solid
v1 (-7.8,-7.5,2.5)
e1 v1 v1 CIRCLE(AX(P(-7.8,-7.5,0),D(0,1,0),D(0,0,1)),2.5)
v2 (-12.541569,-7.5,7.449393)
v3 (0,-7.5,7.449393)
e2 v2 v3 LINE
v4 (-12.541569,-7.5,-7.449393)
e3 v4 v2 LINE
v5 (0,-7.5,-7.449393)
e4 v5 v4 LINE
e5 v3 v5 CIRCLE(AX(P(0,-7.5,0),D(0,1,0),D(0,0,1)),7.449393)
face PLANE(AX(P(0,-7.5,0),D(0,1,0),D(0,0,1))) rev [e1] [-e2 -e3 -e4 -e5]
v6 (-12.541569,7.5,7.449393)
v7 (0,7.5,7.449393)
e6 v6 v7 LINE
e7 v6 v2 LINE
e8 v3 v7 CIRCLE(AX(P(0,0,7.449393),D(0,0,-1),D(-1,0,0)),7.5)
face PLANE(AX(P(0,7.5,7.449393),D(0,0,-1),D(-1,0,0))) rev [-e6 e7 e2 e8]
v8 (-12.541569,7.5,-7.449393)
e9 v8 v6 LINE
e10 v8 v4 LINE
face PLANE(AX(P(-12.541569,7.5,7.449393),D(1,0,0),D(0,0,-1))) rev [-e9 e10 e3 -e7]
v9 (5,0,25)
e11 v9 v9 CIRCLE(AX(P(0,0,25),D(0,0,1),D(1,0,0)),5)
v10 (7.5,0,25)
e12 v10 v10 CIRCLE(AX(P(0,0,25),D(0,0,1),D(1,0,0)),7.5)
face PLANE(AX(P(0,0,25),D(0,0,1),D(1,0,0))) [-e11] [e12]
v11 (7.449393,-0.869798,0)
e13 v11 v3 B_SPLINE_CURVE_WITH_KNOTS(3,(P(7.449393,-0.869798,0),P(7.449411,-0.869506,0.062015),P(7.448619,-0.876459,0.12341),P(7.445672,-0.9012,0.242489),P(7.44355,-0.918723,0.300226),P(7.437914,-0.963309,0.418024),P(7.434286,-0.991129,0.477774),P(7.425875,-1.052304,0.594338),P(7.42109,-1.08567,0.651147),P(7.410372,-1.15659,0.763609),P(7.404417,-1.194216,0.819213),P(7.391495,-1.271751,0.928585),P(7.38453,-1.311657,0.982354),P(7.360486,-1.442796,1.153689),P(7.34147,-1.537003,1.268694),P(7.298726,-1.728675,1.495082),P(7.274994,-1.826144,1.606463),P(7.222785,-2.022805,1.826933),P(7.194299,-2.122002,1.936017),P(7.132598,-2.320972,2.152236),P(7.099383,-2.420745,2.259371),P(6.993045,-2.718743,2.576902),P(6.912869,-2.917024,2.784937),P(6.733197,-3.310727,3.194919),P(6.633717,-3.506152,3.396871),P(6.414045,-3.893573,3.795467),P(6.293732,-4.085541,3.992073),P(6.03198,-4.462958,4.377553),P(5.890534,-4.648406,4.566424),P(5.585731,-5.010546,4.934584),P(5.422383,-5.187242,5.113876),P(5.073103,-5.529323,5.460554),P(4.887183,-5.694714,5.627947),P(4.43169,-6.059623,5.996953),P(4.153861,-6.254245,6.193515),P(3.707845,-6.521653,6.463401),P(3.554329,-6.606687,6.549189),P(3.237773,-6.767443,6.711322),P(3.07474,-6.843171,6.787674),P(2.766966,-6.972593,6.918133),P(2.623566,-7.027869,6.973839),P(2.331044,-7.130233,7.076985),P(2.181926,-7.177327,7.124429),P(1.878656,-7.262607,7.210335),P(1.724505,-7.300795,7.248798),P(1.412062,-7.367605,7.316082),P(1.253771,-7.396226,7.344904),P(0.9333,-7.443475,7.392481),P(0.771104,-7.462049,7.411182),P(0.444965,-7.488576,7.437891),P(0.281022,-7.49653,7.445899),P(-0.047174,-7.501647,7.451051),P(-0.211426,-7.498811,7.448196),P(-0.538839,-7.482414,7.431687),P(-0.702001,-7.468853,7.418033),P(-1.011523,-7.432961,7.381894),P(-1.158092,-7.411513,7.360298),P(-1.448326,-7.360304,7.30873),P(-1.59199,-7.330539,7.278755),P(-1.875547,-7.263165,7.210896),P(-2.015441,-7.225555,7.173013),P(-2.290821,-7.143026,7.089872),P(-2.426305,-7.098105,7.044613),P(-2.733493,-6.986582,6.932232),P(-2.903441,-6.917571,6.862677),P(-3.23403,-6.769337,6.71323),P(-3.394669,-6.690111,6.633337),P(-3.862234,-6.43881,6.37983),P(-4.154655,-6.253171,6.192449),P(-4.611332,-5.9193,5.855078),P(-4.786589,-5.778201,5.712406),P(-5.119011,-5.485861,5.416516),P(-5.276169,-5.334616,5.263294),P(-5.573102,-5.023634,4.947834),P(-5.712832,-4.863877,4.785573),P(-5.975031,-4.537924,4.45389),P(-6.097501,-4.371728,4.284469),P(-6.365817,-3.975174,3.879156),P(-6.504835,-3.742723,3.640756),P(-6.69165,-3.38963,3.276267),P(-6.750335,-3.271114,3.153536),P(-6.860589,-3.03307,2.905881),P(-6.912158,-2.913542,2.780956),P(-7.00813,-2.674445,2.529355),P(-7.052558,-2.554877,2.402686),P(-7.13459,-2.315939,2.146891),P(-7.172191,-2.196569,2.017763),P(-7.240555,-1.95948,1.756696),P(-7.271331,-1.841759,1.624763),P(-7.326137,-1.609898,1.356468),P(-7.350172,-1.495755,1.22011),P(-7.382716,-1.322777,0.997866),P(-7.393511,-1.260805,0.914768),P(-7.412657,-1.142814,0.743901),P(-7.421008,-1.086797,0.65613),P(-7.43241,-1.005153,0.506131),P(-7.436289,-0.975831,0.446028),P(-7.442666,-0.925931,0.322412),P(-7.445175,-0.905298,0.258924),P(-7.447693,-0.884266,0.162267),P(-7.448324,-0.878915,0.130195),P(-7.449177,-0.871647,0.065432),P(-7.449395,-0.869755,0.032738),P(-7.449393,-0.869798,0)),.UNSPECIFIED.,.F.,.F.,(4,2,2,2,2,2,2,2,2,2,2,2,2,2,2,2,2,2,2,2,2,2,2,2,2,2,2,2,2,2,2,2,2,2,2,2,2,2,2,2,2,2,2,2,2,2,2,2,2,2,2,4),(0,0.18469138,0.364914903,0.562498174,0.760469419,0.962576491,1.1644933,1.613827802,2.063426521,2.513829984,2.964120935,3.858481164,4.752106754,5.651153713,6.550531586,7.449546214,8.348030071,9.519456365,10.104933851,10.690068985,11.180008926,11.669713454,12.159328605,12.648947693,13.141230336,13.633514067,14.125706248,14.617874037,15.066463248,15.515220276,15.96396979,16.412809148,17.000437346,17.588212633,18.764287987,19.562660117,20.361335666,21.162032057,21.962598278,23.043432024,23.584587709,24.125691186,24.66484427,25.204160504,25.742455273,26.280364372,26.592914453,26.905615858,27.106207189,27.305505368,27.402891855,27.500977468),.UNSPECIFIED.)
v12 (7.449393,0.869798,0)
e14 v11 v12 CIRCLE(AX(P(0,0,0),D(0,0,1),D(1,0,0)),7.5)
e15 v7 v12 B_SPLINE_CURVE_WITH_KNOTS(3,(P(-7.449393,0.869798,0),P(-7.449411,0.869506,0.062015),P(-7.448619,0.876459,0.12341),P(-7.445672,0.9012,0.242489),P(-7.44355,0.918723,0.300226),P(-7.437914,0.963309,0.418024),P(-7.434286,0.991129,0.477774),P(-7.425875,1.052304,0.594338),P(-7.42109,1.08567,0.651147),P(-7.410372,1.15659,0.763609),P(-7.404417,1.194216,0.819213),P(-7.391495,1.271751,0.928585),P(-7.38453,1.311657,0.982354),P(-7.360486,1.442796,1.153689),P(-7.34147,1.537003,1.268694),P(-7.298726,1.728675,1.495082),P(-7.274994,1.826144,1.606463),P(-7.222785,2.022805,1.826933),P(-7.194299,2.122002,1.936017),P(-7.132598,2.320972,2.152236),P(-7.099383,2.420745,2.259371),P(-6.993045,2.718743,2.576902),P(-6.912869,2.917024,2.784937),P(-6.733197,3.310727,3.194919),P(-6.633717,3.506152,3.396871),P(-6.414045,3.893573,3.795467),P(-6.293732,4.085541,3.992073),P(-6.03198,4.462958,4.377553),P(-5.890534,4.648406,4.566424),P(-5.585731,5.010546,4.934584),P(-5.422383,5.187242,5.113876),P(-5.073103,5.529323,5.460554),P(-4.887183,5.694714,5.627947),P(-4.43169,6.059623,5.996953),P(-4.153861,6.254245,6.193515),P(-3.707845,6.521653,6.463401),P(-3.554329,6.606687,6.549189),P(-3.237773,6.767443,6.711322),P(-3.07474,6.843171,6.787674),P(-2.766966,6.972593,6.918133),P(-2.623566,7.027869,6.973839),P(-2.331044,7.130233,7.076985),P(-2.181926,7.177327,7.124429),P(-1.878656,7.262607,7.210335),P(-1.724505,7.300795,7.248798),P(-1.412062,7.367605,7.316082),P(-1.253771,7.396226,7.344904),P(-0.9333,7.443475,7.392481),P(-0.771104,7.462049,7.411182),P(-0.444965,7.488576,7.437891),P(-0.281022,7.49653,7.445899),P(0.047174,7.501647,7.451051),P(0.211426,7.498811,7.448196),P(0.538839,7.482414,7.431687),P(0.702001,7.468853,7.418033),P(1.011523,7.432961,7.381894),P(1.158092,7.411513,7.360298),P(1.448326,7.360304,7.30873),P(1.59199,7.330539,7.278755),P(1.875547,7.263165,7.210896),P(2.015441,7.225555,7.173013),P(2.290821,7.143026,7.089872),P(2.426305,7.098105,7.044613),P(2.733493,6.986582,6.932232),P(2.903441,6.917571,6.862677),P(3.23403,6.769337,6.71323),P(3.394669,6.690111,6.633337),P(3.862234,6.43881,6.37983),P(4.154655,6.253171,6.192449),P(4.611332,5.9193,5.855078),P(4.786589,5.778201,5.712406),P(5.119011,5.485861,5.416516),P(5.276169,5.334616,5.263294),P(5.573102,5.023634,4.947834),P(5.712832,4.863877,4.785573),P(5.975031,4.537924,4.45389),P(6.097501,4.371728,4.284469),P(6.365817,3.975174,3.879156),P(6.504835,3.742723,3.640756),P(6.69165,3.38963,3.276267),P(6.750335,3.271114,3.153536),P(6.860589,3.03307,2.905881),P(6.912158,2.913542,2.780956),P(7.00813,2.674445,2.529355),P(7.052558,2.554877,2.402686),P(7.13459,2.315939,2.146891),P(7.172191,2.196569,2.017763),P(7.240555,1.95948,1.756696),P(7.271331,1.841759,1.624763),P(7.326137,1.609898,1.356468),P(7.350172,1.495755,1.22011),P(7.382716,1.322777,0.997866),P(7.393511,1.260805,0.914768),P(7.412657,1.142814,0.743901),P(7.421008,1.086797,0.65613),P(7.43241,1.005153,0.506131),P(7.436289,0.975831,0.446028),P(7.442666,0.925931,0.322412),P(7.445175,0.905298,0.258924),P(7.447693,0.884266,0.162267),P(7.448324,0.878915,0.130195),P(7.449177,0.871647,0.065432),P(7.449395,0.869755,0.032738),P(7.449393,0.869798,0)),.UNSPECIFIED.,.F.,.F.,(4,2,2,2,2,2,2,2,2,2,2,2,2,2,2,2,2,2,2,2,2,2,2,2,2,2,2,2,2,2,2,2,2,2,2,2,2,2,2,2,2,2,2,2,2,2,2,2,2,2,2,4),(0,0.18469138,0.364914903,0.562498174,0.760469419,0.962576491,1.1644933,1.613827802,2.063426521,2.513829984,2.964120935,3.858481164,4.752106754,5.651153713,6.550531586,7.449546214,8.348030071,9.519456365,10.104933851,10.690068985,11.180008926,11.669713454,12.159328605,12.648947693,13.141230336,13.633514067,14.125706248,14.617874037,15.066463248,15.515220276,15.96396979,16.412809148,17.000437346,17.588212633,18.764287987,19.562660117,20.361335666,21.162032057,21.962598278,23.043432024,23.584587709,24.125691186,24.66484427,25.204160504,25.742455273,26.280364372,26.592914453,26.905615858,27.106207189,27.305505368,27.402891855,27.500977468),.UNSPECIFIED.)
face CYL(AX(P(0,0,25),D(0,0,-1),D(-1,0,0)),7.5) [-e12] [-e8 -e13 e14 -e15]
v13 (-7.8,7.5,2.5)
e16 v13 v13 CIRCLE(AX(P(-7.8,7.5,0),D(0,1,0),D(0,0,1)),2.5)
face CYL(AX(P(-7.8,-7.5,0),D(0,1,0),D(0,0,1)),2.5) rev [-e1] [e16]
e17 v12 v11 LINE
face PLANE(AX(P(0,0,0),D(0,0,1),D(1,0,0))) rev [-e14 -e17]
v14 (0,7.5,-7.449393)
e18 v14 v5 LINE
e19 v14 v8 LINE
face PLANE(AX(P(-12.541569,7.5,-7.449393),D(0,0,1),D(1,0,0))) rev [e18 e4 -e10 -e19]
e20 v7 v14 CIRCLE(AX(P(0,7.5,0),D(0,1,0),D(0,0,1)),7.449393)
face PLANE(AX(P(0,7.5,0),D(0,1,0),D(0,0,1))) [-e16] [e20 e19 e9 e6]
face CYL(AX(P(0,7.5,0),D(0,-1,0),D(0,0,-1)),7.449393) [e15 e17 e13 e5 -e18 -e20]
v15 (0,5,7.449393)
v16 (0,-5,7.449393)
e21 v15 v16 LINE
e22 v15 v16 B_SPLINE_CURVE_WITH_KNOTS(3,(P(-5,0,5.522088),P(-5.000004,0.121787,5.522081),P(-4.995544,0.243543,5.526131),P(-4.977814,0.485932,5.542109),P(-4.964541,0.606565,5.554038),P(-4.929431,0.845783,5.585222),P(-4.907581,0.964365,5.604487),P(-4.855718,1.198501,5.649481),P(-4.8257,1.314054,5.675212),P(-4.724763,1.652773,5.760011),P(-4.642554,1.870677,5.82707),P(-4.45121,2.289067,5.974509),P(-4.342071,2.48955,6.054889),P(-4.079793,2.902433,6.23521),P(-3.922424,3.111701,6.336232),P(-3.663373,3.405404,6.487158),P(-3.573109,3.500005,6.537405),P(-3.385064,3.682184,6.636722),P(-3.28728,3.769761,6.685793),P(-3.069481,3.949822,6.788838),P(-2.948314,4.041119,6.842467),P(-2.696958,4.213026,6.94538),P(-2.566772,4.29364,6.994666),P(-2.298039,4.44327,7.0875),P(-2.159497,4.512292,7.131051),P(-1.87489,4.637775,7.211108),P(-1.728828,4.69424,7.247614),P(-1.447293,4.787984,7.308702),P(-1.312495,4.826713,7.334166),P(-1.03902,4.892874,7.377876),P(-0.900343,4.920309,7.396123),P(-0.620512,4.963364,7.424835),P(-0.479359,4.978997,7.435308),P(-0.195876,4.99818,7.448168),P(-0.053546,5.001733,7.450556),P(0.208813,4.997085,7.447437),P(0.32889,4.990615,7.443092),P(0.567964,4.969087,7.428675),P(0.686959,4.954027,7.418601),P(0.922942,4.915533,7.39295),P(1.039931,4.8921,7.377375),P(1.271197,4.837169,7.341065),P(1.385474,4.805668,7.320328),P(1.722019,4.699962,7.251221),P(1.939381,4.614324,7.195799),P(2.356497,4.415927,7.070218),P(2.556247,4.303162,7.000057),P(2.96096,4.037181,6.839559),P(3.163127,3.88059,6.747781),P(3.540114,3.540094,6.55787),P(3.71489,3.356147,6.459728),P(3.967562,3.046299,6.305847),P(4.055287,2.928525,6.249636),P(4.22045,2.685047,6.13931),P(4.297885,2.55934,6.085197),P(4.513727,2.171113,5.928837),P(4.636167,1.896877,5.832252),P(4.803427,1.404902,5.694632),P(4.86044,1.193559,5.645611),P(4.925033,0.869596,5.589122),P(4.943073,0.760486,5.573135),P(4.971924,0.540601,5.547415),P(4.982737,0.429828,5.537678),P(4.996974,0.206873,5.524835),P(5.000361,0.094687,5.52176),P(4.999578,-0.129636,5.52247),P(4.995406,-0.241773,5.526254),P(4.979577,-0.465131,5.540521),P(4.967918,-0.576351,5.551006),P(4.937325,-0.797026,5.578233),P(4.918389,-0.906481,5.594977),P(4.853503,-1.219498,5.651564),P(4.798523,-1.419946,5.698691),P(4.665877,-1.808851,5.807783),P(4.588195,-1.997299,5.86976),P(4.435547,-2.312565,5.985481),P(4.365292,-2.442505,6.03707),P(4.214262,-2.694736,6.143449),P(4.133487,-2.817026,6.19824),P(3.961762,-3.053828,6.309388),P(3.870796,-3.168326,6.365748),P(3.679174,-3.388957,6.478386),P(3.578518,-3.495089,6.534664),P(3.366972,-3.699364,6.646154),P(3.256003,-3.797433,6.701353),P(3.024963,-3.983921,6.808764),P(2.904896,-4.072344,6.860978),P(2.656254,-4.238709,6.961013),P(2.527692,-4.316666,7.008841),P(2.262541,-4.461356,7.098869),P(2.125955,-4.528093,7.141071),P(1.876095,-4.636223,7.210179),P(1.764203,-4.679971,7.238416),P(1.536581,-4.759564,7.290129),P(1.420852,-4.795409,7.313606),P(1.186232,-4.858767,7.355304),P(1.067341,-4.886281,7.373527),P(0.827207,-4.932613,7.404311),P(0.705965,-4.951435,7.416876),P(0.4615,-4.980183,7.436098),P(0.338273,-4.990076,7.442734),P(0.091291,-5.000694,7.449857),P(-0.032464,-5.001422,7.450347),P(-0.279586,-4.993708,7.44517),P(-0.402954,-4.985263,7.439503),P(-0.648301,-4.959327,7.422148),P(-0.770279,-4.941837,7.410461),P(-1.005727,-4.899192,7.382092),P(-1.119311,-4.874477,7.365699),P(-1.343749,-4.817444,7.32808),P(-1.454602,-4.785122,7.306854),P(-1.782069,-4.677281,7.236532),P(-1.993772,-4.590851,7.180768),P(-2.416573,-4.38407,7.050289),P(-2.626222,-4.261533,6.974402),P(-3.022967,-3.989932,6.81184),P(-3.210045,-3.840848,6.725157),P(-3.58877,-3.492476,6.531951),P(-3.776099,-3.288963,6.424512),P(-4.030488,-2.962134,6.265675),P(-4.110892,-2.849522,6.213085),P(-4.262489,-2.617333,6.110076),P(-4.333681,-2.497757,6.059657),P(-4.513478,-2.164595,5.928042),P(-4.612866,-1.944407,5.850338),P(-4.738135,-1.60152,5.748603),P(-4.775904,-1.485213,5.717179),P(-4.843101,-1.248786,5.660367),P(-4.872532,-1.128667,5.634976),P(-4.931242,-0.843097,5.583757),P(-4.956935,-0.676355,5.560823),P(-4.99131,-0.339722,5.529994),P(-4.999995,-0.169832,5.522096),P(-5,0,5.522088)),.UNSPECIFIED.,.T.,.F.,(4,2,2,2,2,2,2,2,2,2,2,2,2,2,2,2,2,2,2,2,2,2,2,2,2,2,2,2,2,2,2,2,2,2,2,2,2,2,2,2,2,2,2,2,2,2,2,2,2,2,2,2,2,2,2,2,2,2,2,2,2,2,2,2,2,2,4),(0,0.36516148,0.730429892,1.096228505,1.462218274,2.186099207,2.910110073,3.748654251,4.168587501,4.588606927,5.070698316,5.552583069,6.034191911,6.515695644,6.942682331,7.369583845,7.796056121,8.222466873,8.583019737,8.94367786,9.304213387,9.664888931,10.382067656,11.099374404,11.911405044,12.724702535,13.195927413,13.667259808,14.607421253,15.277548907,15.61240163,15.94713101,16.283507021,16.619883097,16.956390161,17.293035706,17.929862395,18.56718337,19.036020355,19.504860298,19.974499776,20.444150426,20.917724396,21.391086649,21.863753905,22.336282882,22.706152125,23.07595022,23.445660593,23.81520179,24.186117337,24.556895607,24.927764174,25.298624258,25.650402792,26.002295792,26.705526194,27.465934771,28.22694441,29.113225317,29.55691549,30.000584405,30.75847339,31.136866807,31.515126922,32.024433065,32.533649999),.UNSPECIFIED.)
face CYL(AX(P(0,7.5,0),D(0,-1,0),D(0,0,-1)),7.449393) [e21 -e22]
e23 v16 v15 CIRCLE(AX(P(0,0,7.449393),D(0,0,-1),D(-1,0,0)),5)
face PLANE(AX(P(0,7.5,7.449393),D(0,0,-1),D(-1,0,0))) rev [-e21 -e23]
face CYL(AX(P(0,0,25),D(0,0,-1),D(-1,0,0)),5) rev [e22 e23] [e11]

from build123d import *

# Parameters (mm, degrees)
SKETCH1_R           = 7.5
SKETCH1_R_2         = 5
BOSS_EXTRUDE1_DEPTH = 25
BOSS_EXTRUDE3_DEPTH = 7.5
SKETCH5_R           = 2.5
CUT_EXTRUDE3_DEPTH  = 15


with BuildPart() as part:
    # Sketch1 → Boss-Extrude1 (new body)
    with BuildSketch(Plane.XY):
        Circle(SKETCH1_R)
        Circle(SKETCH1_R_2, mode=Mode.SUBTRACT)
    extrude(amount=BOSS_EXTRUDE1_DEPTH)

    # Sketch4 → Boss-Extrude3 (add, symmetric)
    with BuildSketch(Plane(origin=(0, 0, 0), x_dir=(1, 0, 0), z_dir=(0, 1, 0))):
        with BuildLine():
            Line((0, -7.449392631), (-9.305010791, -7.449392631))
            Line((-9.305010791, -7.449392631), (-12.541569439, -7.449392631))
            Line((-12.541569439, -7.449392631), (-12.541569439, 7.449392631))
            Line((-12.541569439, 7.449392631), (-9.305010791, 7.449392631))
            Line((-9.305010791, 7.449392631), (0, 7.449392631))
            ThreePointArc((0, 7.449392631), (7.449392631, 0), (0, -7.449392631))
        make_face()
    extrude(amount=BOSS_EXTRUDE3_DEPTH, both=True)

    # Sketch5 → Cut-Extrude3 (cut)
    with BuildSketch(Plane(origin=(0, 7.5, 0), x_dir=(1, 0, 0), z_dir=(0, 1, 0))):
        with Locations(Location((-7.8, 0, 0), (0, 0, 270))):
            Circle(SKETCH5_R)
    extrude(amount=-CUT_EXTRUDE3_DEPTH, mode=Mode.SUBTRACT)


solid = part.part
